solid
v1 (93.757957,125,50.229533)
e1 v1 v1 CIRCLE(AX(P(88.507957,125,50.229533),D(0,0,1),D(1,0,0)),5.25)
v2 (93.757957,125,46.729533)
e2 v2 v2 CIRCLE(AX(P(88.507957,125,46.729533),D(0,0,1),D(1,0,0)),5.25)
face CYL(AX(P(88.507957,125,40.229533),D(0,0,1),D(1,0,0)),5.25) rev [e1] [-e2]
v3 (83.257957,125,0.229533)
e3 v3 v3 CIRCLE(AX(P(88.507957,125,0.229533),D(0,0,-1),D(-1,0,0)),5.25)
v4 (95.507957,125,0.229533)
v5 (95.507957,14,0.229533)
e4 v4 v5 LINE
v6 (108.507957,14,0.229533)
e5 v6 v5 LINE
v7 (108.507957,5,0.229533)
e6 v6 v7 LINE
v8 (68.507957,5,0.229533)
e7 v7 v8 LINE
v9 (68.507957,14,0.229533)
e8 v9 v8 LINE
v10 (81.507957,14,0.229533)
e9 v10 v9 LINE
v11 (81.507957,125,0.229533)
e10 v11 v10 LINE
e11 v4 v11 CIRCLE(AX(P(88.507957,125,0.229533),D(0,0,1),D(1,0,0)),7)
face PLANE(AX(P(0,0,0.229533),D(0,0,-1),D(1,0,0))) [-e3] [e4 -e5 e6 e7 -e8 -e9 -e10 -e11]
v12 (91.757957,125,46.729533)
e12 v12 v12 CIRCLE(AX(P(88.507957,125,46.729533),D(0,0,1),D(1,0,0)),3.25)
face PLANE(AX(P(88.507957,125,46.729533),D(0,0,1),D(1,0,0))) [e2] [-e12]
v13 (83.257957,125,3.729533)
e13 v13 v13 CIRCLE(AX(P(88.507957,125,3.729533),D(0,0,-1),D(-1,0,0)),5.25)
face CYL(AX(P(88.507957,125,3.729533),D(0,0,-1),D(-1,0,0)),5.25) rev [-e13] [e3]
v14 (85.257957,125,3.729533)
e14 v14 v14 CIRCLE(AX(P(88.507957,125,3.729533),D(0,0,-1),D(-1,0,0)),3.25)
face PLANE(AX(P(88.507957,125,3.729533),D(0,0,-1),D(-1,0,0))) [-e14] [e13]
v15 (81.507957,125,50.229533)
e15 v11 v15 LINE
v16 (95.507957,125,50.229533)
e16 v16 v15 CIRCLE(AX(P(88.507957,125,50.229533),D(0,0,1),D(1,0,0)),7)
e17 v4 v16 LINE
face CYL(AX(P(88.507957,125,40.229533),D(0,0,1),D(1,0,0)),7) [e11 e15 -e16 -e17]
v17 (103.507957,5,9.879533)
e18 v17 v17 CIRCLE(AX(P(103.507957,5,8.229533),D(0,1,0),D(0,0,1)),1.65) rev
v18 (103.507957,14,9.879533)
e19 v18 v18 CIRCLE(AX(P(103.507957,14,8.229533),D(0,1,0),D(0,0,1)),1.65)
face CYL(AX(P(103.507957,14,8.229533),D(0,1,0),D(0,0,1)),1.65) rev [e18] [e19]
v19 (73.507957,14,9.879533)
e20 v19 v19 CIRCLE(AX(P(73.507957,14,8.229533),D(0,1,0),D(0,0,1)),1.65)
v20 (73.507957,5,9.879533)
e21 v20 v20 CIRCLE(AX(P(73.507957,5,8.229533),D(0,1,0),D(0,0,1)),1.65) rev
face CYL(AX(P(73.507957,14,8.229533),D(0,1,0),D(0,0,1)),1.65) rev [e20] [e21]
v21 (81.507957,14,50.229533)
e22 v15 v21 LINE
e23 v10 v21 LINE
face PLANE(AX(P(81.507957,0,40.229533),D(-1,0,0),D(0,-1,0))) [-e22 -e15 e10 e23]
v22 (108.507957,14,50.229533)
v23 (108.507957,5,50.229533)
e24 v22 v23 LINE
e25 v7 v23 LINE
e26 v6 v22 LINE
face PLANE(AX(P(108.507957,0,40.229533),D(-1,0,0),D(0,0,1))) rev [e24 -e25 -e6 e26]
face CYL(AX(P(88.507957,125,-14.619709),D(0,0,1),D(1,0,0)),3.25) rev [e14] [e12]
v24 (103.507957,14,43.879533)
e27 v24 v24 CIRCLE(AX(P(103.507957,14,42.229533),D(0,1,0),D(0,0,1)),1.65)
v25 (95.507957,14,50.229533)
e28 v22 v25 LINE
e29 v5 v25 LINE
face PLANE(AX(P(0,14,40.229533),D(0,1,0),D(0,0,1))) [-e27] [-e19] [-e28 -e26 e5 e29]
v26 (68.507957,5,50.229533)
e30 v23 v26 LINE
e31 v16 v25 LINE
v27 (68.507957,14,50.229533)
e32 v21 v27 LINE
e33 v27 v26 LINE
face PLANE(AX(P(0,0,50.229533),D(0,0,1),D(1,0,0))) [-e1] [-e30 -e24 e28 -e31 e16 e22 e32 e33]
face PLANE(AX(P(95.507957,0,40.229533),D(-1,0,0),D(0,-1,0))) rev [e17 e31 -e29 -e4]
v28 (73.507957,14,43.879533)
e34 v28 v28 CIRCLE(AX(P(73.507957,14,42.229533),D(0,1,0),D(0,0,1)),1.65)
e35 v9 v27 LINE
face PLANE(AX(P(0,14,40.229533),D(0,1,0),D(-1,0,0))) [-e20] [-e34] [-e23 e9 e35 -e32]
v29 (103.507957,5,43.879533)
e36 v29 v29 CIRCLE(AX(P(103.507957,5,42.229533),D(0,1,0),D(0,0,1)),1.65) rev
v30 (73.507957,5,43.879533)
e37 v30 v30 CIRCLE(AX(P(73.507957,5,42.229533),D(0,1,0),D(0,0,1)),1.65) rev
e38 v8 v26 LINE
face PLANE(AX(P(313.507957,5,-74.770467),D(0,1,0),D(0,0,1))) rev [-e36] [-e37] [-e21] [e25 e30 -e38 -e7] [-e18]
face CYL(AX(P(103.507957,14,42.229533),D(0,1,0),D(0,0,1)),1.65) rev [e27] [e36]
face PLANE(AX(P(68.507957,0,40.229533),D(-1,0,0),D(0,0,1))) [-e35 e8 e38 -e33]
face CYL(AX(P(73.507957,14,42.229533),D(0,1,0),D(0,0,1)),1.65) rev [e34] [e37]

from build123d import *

# Parameters (mm, degrees)
SKETCH_2_W               = 240.549430728
SKETCH_2_H               = 149.540933388
EXTRUDE_1_DEPTH          = 5
SKETCH_6_W               = 93.246571425
SKETCH_6_H               = 149.540933388
EXTRUDE_4_DEPTH          = 5
SKETCH_8_W               = 274.716709757
SKETCH_8_H               = 58.51354913
EXTRUDE_6_DEPTH          = 5
CUT_EXTRUDE_2_DEPTH      = 252.755772101
CUT_EXTRUDE_2_DEPTH_BACK = 252.755772101
SKETCH_9_W               = 59.079292396
SKETCH_9_H               = 149.540933388
SKETCH_10_W              = 104.703380117
SKETCH_10_H              = 208.054482518
CUT_EXTRUDE_3_DEPTH      = 10
SKETCH_12_W              = 200
SKETCH_12_H              = 200
EXTRUDE_7_DEPTH          = 5
SKETCH_13_OUTSIDE_W      = 259.728
SKETCH_13_OUTSIDE_H      = 267.782
SKETCH_13_OUTSIDE_W_2    = 200
SKETCH_13_OUTSIDE_H_2    = 200
CUT_EXTRUDE_4_DEPTH      = 278.64321362
EXTRUDE_START            = -75
SKETCH_18_R              = 5.25
EXTRUDE_9_DEPTH          = 10
EXTRUDE_START_2          = -46
EXTRUDE_10_DEPTH         = 15
EXTRUDE_START_3          = -91.2
EXTRUDE_11_DEPTH         = 15
EXTRUDE_12_REACH         = 307.894
SKETCH_20_R              = 5.25
SKETCH_26_W              = 200
SKETCH_26_H              = 5
EXTRUDE_13_DEPTH         = 100
SKETCH_27_W              = 200
SKETCH_27_H              = 5
CUT_EXTRUDE_5_DEPTH      = 30
EXTRUDE_14_DEPTH         = 10
SKETCH_29_W              = 60
SKETCH_29_H              = 9
EXTRUDE_15_DEPTH         = 10
HOLE_WIZARD_M4_1_D       = 3.3
HOLE_WIZARD_M4_2_D       = 3.3
HOLE_WIZARD_M4_3_D       = 3.3
EXTRUDE_16_DEPTH         = 10
SKETCH_37_W              = 60
SKETCH_37_H              = 9
EXTRUDE_17_DEPTH         = 10
HOLE_WIZARD_M4_4_D       = 3.3
EXTRUDE_START_4          = -3.5
SKETCH_40_R              = 5.25
SKETCH_40_R_2            = 3.25
EXTRUDE_18_DEPTH         = 46.5
CUT_EXTRUDE_START        = -3.5
SKETCH_41_R              = 5.25
SKETCH_41_R_2            = 3.25
CUT_EXTRUDE_6_DEPTH      = 3.5
HOLE_WIZARD_M4_5_D       = 3.3
SKETCH_44_W              = 270
SKETCH_44_H              = 5
CUT_EXTRUDE_7_DEPTH      = 400.170489639
CUT_EXTRUDE_8_DEPTH      = 274.053696703
CUT_EXTRUDE_8_DEPTH_BACK = 274.053696703
SKETCH_45_W              = 100.422934587
SKETCH_45_H              = 170.865744653


with BuildPart() as part:
    # 草图2 → 凸台-拉伸1 (new body)
    with BuildSketch(Plane(origin=(0, 0, 0), x_dir=(1, 0, 0), z_dir=(0, 1, 0))):
        Rectangle(SKETCH_2_W, SKETCH_2_H)
    extrude(amount=EXTRUDE_1_DEPTH)

    # 草图6 → 凸台-拉伸4 (add)
    with BuildSketch(Plane(origin=(0, 5, 0), x_dir=(1, 0, 0), z_dir=(0, 1, 0))):
        with Locations((166.898001077, 0)):
            Rectangle(SKETCH_6_W, SKETCH_6_H)
    extrude(amount=-EXTRUDE_4_DEPTH)

    # 草图8 → 凸台-拉伸6 (add)
    with BuildSketch(Plane(origin=(0, 5, 0), x_dir=(1, 0, 0), z_dir=(0, 1, 0))):
        with Locations((76.162931911, -104.027241259)):
            Rectangle(SKETCH_8_W, SKETCH_8_H)
    extrude(amount=-EXTRUDE_6_DEPTH)

    # 草图9 → 切除-拉伸2 (cut, two sides: drawn at the far end of the back side and taken through both)
    with BuildSketch(Plane(origin=(0, 5, 0), x_dir=(1, 0, 0), z_dir=(0, 1, 0)).offset(-CUT_EXTRUDE_2_DEPTH_BACK)):
        with Locations((-90.735069166, 0)):
            Rectangle(SKETCH_9_W, SKETCH_9_H)
    extrude(amount=CUT_EXTRUDE_2_DEPTH + CUT_EXTRUDE_2_DEPTH_BACK, mode=Mode.SUBTRACT)

    # 草图10 → 切除-拉伸3 (cut)
    with BuildSketch(Plane(origin=(0, 5, 0), x_dir=(1, 0, 0), z_dir=(0, 1, 0))):
        with Locations((-8.84373291, -29.256774565)):
            Rectangle(SKETCH_10_W, SKETCH_10_H)
    extrude(amount=-CUT_EXTRUDE_3_DEPTH, mode=Mode.SUBTRACT)

    # 草图12 → 凸台-拉伸7 (add)
    with BuildSketch(Plane(origin=(0, 5, 0), x_dir=(1, 0, 0), z_dir=(0, 1, 0))):
        with Locations((143.507957149, -25.229533306)):
            Rectangle(SKETCH_12_W, SKETCH_12_H)
    extrude(amount=-EXTRUDE_7_DEPTH)

    # 草图13 outside → 切除-拉伸4 (cut, through all)
    with BuildSketch(Plane(origin=(0, 5, 0), x_dir=(1, 0, 0), z_dir=(0, 1, 0))):
        with Locations((143.508, -29.257)):
            Rectangle(SKETCH_13_OUTSIDE_W, SKETCH_13_OUTSIDE_H)
        with Locations((143.507957149, -25.229533306)):
            Rectangle(SKETCH_13_OUTSIDE_W_2, SKETCH_13_OUTSIDE_H_2, mode=Mode.SUBTRACT)
    extrude(amount=-CUT_EXTRUDE_4_DEPTH, mode=Mode.SUBTRACT)

    # 草图18 → 凸台-拉伸9 (add)
    with BuildSketch(Plane.XY.offset(125.229533306).offset(EXTRUDE_START)):
        with BuildLine():
            Line((95.507957149, 14), (95.507957149, 125))
            ThreePointArc((95.507957149, 125), (88.507957149, 132), (81.507957149, 125))
            Line((81.507957149, 125), (81.507957149, 14))
            Line((81.507957149, 14), (68.507957149, 14))
            Line((68.507957149, 14), (68.507957149, 5))
            Line((68.507957149, 5), (108.507957149, 5))
            Line((108.507957149, 5), (108.507957149, 14))
            Line((108.507957149, 14), (95.507957149, 14))
        make_face()
        with Locations((88.507957149, 125)):
            Circle(SKETCH_18_R, mode=Mode.SUBTRACT)
    extrude_9 = extrude(amount=-EXTRUDE_9_DEPTH)

    # 镜向1: 凸台-拉伸9 across plane
    add(extrude_9.mirror(Plane.XY.offset(25.229533306)))

    # 草图16 → 凸台-拉伸10 (add)
    with BuildSketch(Plane(origin=(243.507957149, 0, 0), x_dir=(0, 0, -1), z_dir=(1, 0, 0)).offset(EXTRUDE_START_2)):
        with BuildLine():
            Line((-53.779533306, 14), (-53.779533306, 145.085631965))
            Line((-53.779533306, 145.085631965), (-67.779533306, 145.085631965))
            Line((-67.779533306, 145.085631965), (-67.779533306, 139.085631965))
            ThreePointArc((-67.779533306, 139.085631965), (-69.779533306, 114.75), (-71.779533306, 139.085631965))
            Line((-71.779533306, 139.085631965), (-71.779533306, 145.085631965))
            Line((-71.779533306, 145.085631965), (-85.779533306, 145.085631965))
            Line((-85.779533306, 145.085631965), (-85.779533306, 14))
            Line((-85.779533306, 14), (-99.779533306, 14))
            Line((-99.779533306, 14), (-99.779533306, 5))
            Line((-99.779533306, 5), (-39.779533306, 5))
            Line((-39.779533306, 5), (-39.779533306, 14))
            Line((-39.779533306, 14), (-53.779533306, 14))
        make_face()
    extrude(amount=-EXTRUDE_10_DEPTH)

    # 草图19 → 凸台-拉伸11 (add)
    with BuildSketch(Plane(origin=(243.507957149, 0, 0), x_dir=(0, 0, -1), z_dir=(1, 0, 0)).offset(EXTRUDE_START_3)):
        with BuildLine():
            Line((37.990466694, 14), (37.990466694, 144.933566106))
            Line((37.990466694, 144.933566106), (23.990466694, 144.933566106))
            Line((23.990466694, 144.933566106), (23.990466694, 138.933566106))
            ThreePointArc((23.990466694, 138.933566106), (21.990466694, 114.9), (19.990466694, 138.933566106))
            Line((19.990466694, 138.933566106), (19.990466694, 144.933566106))
            Line((19.990466694, 144.933566106), (5.990466694, 144.933566106))
            Line((5.990466694, 144.933566106), (5.990466694, 14))
            Line((5.990466694, 14), (-8.009533306, 14))
            Line((-8.009533306, 14), (-8.009533306, 5))
            Line((-8.009533306, 5), (51.990466694, 5))
            Line((51.990466694, 5), (51.990466694, 14))
            Line((51.990466694, 14), (37.990466694, 14))
        make_face()
    extrude(amount=-EXTRUDE_11_DEPTH)

    # 草图20 → 凸台-拉伸12 (add, up to next)
    with BuildSketch(Plane(origin=(0, 0, 40.229533306), x_dir=(-1, 0, 0), z_dir=(0, 0, -1)), mode=Mode.PRIVATE) as extrude_12_sk1:
        with BuildLine():
            Line((-108.507957149, 5), (-68.507957149, 5))
            Line((-68.507957149, 5), (-68.507957149, 14))
            Line((-68.507957149, 14), (-81.507957149, 14))
            Line((-81.507957149, 14), (-81.507957149, 125))
            ThreePointArc((-81.507957149, 125), (-88.507957149, 132), (-95.507957149, 125))
            Line((-95.507957149, 125), (-95.507957149, 14))
            Line((-95.507957149, 14), (-108.507957149, 14))
            Line((-108.507957149, 14), (-108.507957149, 5))
        make_face()
        with Locations(Location((-88.507957149, 125, 0), (0, 0, 180))):
            Circle(SKETCH_20_R, mode=Mode.SUBTRACT)
    extrude_12_tool1 = extrude(extrude_12_sk1.sketch, amount=EXTRUDE_12_REACH, mode=Mode.PRIVATE) - part.part
    add(extrude_12_tool1.solids().sort_by_distance((88.507957, 57.997401, 40.229533))[0])

    # 草图26 → 凸台-拉伸13 (add)
    with BuildSketch(Plane(origin=(243.507957149, 0, 0), x_dir=(0, 0, -1), z_dir=(1, 0, 0))):
        with Locations((-25.229533306, 2.5)):
            Rectangle(SKETCH_26_W, SKETCH_26_H)
    extrude(amount=EXTRUDE_13_DEPTH)

    # 草图27 → 切除-拉伸5 (cut)
    with BuildSketch(Plane(origin=(343.507957149, 0, 0), x_dir=(0, 0, -1), z_dir=(1, 0, 0))):
        with Locations((-25.229533306, 2.5)):
            Rectangle(SKETCH_27_W, SKETCH_27_H)
    extrude(amount=-CUT_EXTRUDE_5_DEPTH, mode=Mode.SUBTRACT)

    # 草图28 → 凸台-拉伸14 (add)
    with BuildSketch(Plane(origin=(197.507957149, 0, 0), x_dir=(0, 0, -1), z_dir=(1, 0, 0))):
        Polygon((-85.779533306, 14), (-53.779533306, 14), (-39.779533306, 14), (-39.779533306, 5), (-99.779533306, 5), (-99.779533306, 14), align=None)
    extrude(amount=EXTRUDE_14_DEPTH)

    # 草图29 → 凸台-拉伸15 (add)
    with BuildSketch(Plane.ZY.offset(-182.507957149)):
        with Locations((69.779533306, 9.5)):
            Rectangle(SKETCH_29_W, SKETCH_29_H)
    extrude(amount=EXTRUDE_15_DEPTH)

    # M4 螺纹孔1 (through all)
    with Locations(Plane(origin=(0, 14, 0), x_dir=(1, 0, 0), z_dir=(0, 1, 0))):
        with Locations((178.507957149, -47.779533306), (201.507957149, -47.779533306), (201.507957149, -91.779533306), (178.507957149, -91.779533306)):
            Hole(HOLE_WIZARD_M4_1_D / 2)

    # M4 螺纹孔2 (through all)
    with Locations(Plane.XY.offset(85.779533306)):
        with Locations((190.007957149, 141.085631965)):
            Hole(HOLE_WIZARD_M4_2_D / 2)

    # M4 螺纹孔3 (through all)
    with Locations(Plane.XY.offset(-5.990466694)):
        with Locations((144.807957149, 140.933566106)):
            Hole(HOLE_WIZARD_M4_3_D / 2)

    # 草图36 → 凸台-拉伸16 (add)
    with BuildSketch(Plane(origin=(152.307957149, 0, 0), x_dir=(0, 0, -1), z_dir=(1, 0, 0))):
        Polygon((5.990466694, 14), (37.990466694, 14), (51.990466694, 14), (51.990466694, 5), (-8.009533306, 5), (-8.009533306, 14), align=None)
    extrude(amount=EXTRUDE_16_DEPTH)

    # 草图37 → 凸台-拉伸17 (add)
    with BuildSketch(Plane.ZY.offset(-137.307957149)):
        with Locations((-21.990466694, 9.5)):
            Rectangle(SKETCH_37_W, SKETCH_37_H)
    extrude(amount=EXTRUDE_17_DEPTH)

    # M4 螺纹孔4 (through all)
    with Locations(Plane(origin=(0, 14, 0), x_dir=(1, 0, 0), z_dir=(0, 1, 0))):
        with Locations((133.307957149, 43.990466694), (156.307957149, 43.990466694), (156.307957149, -0.009533306), (133.307957149, -0.009533306)):
            Hole(HOLE_WIZARD_M4_4_D / 2)

    # 草图40 → 凸台-拉伸18 (add)
    with BuildSketch(Plane.XY.offset(50.229533306).offset(EXTRUDE_START_4)):
        with Locations((88.507957149, 125)):
            Circle(SKETCH_40_R)
        with Locations((88.507957149, 125)):
            Circle(SKETCH_40_R_2, mode=Mode.SUBTRACT)
    extrude(amount=-EXTRUDE_18_DEPTH)

    # 草图41 → 切除-拉伸6 (cut)
    with BuildSketch(Plane(origin=(0, 0, 0.229533306), x_dir=(-1, 0, 0), z_dir=(0, 0, -1)).offset(CUT_EXTRUDE_START)):
        with Locations(Location((-88.507957149, 125, 0), (0, 0, 180))):
            Circle(SKETCH_41_R)
        with Locations(Location((-88.507957149, 125, 0), (0, 0, 180))):
            Circle(SKETCH_41_R_2, mode=Mode.SUBTRACT)
    extrude(amount=CUT_EXTRUDE_6_DEPTH, mode=Mode.SUBTRACT)

    # M4 螺纹孔5 (through all)
    with Locations(Plane(origin=(0, 14, 0), x_dir=(1, 0, 0), z_dir=(0, 1, 0))):
        with Locations((73.507957149, -8.229533306), (103.507957149, -8.229533306), (103.507957149, -42.229533306), (73.507957149, -42.229533306)):
            Hole(HOLE_WIZARD_M4_5_D / 2)

    # 草图44 → 切除-拉伸7 (cut, through all)
    with BuildSketch(Plane.XY.offset(125.229533306)):
        with Locations((178.507957149, 2.5)):
            Rectangle(SKETCH_44_W, SKETCH_44_H)
    extrude(amount=-CUT_EXTRUDE_7_DEPTH, mode=Mode.SUBTRACT)


with BuildPart() as cut_extrude_7_piece_1:
    # of the separate pieces the step leaves, piece 1, a body of its own (cut_extrude_7_pieces)
    add(part.part.solids().sort_by_distance((68.507957149, 14, 50.229533306))[0])


with BuildPart() as cut_extrude_7_piece_2:
    # of the separate pieces the step leaves, piece 2, a body of its own (cut_extrude_7_pieces)
    add(part.part.solids().sort_by_distance((127.307957149, 14, 8.009533306))[0])


with BuildPart() as cut_extrude_7_piece_3:
    # of the separate pieces the step leaves, piece 3, a body of its own (cut_extrude_7_pieces)
    add(part.part.solids().sort_by_distance((172.507957149, 14, 99.779533306))[0])


with BuildPart() as cut_extrude_8_tool:
    # 草图45 → 切除-拉伸8 (new, two sides: drawn at the far end of the back side and taken through both)
    with BuildSketch(Plane.XY.offset(50.229533306).offset(-CUT_EXTRUDE_8_DEPTH_BACK)):
        with Locations((168.17278759, 76.071196607)):
            Rectangle(SKETCH_45_W, SKETCH_45_H)
    extrude(amount=CUT_EXTRUDE_8_DEPTH + CUT_EXTRUDE_8_DEPTH_BACK)


with BuildPart() as cut_extrude_7_piece_2_1:
    add(cut_extrude_7_piece_2.part)

    # 切除-拉伸8: cut by cut_extrude_8_tool
    add(cut_extrude_8_tool.part, mode=Mode.SUBTRACT)


with BuildPart() as cut_extrude_7_piece_3_1:
    add(cut_extrude_7_piece_3.part)

    # 切除-拉伸8: cut by cut_extrude_8_tool
    add(cut_extrude_8_tool.part, mode=Mode.SUBTRACT)


solid = cut_extrude_7_piece_1.part
